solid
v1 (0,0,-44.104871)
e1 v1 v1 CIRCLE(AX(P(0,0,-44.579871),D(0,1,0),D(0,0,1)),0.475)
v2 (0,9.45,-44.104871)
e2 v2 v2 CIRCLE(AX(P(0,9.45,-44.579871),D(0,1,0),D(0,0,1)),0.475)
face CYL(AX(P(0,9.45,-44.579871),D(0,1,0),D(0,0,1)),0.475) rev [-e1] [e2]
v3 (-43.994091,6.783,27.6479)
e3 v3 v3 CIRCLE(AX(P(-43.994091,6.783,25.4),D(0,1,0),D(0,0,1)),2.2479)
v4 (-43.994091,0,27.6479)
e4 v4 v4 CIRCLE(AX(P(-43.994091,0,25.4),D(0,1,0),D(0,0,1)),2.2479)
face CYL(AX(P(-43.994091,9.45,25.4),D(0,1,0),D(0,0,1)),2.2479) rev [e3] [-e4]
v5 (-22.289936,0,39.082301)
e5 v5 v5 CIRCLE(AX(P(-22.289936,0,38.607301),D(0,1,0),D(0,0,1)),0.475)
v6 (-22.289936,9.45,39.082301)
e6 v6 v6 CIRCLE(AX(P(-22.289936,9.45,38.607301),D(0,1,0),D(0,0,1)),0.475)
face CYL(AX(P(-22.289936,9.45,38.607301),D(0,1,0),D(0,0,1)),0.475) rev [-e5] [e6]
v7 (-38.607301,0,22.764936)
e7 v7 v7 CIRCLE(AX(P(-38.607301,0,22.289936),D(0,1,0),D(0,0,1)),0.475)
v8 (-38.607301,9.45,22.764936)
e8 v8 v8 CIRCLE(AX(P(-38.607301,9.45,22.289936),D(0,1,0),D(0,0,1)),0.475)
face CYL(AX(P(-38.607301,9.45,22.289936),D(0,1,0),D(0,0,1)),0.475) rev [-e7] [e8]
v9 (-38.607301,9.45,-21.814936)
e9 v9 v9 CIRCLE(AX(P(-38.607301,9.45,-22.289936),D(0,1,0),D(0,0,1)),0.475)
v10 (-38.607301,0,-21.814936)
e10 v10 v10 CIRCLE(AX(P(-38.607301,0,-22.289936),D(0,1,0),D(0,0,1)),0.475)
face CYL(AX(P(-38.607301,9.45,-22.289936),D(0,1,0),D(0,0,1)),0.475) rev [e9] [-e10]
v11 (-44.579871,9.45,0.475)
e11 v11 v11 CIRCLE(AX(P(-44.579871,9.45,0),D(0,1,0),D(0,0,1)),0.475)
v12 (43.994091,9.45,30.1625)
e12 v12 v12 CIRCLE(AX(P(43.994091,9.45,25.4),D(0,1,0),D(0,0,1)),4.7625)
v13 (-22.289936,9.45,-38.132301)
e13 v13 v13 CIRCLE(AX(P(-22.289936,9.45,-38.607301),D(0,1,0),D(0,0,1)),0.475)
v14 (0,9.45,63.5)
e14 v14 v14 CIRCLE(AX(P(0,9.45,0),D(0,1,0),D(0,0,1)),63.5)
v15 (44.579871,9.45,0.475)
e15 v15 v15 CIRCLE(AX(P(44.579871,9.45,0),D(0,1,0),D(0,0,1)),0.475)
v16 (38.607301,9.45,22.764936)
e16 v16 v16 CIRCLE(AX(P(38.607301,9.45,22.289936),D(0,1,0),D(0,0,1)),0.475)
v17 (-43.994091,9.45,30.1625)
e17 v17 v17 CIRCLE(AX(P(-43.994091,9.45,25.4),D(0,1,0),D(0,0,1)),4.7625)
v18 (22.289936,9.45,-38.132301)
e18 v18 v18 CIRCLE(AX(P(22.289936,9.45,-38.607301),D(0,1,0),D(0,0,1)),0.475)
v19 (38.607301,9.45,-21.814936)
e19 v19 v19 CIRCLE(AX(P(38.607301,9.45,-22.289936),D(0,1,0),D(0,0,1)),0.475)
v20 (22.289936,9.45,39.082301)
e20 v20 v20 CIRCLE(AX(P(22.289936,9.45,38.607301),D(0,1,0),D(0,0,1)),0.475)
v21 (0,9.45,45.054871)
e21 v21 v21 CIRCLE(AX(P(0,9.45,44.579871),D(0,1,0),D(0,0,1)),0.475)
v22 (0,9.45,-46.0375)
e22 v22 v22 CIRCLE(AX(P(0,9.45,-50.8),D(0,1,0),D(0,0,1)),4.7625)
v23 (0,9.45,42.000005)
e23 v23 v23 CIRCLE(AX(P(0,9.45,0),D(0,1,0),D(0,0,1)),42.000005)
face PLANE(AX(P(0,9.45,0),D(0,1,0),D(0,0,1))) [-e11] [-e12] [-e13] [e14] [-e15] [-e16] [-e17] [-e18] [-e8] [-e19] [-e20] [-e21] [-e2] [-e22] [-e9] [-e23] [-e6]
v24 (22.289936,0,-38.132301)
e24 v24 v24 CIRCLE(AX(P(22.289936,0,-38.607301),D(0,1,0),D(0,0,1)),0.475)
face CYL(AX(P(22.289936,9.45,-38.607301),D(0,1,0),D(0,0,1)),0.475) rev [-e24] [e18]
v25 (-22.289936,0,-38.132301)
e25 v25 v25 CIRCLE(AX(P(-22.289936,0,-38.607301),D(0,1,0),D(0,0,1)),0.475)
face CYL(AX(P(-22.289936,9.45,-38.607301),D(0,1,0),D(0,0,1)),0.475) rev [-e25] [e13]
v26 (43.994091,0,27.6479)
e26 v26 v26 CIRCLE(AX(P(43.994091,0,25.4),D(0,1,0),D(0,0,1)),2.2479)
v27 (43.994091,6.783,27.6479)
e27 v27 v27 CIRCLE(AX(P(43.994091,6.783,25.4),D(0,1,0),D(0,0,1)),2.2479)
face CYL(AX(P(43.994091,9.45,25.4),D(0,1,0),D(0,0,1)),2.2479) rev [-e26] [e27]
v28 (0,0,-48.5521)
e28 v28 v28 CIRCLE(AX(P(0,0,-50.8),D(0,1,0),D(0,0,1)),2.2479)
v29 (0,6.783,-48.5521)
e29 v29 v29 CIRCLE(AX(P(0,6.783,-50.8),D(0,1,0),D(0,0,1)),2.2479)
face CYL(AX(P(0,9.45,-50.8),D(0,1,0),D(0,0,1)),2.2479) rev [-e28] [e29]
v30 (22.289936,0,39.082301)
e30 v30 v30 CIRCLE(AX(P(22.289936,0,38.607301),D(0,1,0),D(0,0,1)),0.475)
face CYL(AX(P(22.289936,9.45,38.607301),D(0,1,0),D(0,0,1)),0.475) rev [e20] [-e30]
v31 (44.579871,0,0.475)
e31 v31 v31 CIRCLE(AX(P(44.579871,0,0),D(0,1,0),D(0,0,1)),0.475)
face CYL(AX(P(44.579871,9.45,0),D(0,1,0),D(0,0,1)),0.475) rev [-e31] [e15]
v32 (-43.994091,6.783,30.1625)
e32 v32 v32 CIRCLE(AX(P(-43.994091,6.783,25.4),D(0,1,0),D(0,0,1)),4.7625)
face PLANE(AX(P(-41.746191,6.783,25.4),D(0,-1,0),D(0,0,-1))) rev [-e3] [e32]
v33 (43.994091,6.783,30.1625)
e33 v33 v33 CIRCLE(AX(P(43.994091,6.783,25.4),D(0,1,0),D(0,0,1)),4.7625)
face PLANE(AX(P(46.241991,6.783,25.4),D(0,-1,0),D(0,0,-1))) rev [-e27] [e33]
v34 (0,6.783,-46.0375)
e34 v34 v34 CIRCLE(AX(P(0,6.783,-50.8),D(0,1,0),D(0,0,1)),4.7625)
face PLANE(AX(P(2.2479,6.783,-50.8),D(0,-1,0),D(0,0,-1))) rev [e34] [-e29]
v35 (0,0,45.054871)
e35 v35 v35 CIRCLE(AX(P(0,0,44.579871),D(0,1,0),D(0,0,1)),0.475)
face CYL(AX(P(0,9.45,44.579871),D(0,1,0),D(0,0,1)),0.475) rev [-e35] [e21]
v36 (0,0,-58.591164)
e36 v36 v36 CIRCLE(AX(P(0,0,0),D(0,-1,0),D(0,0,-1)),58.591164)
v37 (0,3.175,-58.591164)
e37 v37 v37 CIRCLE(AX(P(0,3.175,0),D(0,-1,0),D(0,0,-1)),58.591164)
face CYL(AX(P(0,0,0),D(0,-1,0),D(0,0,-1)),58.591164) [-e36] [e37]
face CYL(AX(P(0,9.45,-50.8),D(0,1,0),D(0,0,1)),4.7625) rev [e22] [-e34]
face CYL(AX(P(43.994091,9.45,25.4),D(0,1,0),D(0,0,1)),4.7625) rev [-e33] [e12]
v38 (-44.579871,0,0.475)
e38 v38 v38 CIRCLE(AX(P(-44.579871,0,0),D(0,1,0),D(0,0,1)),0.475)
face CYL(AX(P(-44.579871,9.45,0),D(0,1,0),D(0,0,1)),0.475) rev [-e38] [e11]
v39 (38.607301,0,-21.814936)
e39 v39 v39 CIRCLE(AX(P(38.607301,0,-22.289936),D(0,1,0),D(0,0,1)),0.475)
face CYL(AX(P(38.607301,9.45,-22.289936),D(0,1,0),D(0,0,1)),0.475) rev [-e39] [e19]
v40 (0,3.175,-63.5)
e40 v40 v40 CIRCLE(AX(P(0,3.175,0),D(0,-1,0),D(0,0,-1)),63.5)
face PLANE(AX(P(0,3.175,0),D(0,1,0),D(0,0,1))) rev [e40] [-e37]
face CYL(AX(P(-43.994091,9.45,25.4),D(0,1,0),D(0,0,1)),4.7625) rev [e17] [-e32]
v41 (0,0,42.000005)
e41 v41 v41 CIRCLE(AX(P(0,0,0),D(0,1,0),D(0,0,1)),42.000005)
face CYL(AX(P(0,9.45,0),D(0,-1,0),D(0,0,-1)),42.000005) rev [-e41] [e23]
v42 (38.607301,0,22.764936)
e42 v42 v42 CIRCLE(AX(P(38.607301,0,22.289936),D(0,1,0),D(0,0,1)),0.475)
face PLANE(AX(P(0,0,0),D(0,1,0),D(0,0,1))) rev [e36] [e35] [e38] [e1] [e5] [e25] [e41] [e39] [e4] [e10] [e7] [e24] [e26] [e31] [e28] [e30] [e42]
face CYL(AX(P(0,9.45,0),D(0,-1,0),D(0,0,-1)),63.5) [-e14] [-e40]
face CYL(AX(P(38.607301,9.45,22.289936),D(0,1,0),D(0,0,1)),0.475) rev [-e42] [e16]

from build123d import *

# Parameters (mm, degrees)
SKETCH2_R                = 63.5
SKETCH2_R_2              = 42.0000049
BOSS_EXTRUDE1_DEPTH      = 9.449999896
SKETCH27_W               = 4.908836101
SKETCH27_H               = 3.175
CIRPATTERN1_COUNT        = 3
M1_2X0_25_TAPPED_HOLE2_D = 0.95
CIRPATTERN2_COUNT        = 12


with BuildPart() as part:
    # Sketch2 → Boss-Extrude1 (new body)
    with BuildSketch(Plane(origin=(0, 0, 0), x_dir=(1, 0, 0), z_dir=(0, 1, 0))):
        Circle(SKETCH2_R)
        Circle(SKETCH2_R_2, mode=Mode.SUBTRACT)
    extrude(amount=BOSS_EXTRUDE1_DEPTH)

    # Sketch27 → Cut-Revolve1 (revolve, cut)
    with BuildSketch(Plane.XY):
        with Locations((61.04558195, 1.5875)):
            Rectangle(SKETCH27_W, SKETCH27_H)
    revolve(axis=Axis((0, 0, 0), (0, 1, 0)), mode=Mode.SUBTRACT)

    # Sketch33 → CBORE for #8 Binding Head Machine Screw1 (revolve, cut)
    with BuildSketch(Plane(origin=(0, 9.449999896, -50.8), x_dir=(0, 0, 1), z_dir=(1, 0, 0))):
        Polygon((0, 0), (0, 503.000674586), (2.2479, 501.65), (2.2479, 2.667), (4.7625, 2.667), (4.7625, 0), align=None)
    cbore_for_8_binding_head_machine_screw1 = revolve(axis=Axis((0, 15.799999896, -50.8), (0, -1, 0)), mode=Mode.SUBTRACT)

    # CirPattern1: CBORE for #8 Binding Head Machine Screw1 ×3 about axis
    cirpattern1_axis = Axis((0, 9.449999896, 0), (0, -1, 0))
    for i in range(1, CIRPATTERN1_COUNT):
        add(cbore_for_8_binding_head_machine_screw1.rotate(cirpattern1_axis, i * 360 / CIRPATTERN1_COUNT), mode=Mode.SUBTRACT)

    # M1.2x0.25 Tapped Hole2 (through all)
    with Locations(Plane(origin=(0, 9.449999896, -44.579871472), x_dir=(0, 0, 1), z_dir=(0, 1, 0))):
        with Locations((0, 0)):
            m1_2x0_25_tapped_hole2 = Hole(M1_2X0_25_TAPPED_HOLE2_D / 2)

    # CirPattern2: M1.2x0.25 Tapped Hole2 ×12 about axis
    cirpattern2_axis = Axis((0, 9.449999896, 0), (0, -1, 0))
    for i in range(1, CIRPATTERN2_COUNT):
        add(m1_2x0_25_tapped_hole2.rotate(cirpattern2_axis, i * 360 / CIRPATTERN2_COUNT), mode=Mode.SUBTRACT)


solid = part.part
